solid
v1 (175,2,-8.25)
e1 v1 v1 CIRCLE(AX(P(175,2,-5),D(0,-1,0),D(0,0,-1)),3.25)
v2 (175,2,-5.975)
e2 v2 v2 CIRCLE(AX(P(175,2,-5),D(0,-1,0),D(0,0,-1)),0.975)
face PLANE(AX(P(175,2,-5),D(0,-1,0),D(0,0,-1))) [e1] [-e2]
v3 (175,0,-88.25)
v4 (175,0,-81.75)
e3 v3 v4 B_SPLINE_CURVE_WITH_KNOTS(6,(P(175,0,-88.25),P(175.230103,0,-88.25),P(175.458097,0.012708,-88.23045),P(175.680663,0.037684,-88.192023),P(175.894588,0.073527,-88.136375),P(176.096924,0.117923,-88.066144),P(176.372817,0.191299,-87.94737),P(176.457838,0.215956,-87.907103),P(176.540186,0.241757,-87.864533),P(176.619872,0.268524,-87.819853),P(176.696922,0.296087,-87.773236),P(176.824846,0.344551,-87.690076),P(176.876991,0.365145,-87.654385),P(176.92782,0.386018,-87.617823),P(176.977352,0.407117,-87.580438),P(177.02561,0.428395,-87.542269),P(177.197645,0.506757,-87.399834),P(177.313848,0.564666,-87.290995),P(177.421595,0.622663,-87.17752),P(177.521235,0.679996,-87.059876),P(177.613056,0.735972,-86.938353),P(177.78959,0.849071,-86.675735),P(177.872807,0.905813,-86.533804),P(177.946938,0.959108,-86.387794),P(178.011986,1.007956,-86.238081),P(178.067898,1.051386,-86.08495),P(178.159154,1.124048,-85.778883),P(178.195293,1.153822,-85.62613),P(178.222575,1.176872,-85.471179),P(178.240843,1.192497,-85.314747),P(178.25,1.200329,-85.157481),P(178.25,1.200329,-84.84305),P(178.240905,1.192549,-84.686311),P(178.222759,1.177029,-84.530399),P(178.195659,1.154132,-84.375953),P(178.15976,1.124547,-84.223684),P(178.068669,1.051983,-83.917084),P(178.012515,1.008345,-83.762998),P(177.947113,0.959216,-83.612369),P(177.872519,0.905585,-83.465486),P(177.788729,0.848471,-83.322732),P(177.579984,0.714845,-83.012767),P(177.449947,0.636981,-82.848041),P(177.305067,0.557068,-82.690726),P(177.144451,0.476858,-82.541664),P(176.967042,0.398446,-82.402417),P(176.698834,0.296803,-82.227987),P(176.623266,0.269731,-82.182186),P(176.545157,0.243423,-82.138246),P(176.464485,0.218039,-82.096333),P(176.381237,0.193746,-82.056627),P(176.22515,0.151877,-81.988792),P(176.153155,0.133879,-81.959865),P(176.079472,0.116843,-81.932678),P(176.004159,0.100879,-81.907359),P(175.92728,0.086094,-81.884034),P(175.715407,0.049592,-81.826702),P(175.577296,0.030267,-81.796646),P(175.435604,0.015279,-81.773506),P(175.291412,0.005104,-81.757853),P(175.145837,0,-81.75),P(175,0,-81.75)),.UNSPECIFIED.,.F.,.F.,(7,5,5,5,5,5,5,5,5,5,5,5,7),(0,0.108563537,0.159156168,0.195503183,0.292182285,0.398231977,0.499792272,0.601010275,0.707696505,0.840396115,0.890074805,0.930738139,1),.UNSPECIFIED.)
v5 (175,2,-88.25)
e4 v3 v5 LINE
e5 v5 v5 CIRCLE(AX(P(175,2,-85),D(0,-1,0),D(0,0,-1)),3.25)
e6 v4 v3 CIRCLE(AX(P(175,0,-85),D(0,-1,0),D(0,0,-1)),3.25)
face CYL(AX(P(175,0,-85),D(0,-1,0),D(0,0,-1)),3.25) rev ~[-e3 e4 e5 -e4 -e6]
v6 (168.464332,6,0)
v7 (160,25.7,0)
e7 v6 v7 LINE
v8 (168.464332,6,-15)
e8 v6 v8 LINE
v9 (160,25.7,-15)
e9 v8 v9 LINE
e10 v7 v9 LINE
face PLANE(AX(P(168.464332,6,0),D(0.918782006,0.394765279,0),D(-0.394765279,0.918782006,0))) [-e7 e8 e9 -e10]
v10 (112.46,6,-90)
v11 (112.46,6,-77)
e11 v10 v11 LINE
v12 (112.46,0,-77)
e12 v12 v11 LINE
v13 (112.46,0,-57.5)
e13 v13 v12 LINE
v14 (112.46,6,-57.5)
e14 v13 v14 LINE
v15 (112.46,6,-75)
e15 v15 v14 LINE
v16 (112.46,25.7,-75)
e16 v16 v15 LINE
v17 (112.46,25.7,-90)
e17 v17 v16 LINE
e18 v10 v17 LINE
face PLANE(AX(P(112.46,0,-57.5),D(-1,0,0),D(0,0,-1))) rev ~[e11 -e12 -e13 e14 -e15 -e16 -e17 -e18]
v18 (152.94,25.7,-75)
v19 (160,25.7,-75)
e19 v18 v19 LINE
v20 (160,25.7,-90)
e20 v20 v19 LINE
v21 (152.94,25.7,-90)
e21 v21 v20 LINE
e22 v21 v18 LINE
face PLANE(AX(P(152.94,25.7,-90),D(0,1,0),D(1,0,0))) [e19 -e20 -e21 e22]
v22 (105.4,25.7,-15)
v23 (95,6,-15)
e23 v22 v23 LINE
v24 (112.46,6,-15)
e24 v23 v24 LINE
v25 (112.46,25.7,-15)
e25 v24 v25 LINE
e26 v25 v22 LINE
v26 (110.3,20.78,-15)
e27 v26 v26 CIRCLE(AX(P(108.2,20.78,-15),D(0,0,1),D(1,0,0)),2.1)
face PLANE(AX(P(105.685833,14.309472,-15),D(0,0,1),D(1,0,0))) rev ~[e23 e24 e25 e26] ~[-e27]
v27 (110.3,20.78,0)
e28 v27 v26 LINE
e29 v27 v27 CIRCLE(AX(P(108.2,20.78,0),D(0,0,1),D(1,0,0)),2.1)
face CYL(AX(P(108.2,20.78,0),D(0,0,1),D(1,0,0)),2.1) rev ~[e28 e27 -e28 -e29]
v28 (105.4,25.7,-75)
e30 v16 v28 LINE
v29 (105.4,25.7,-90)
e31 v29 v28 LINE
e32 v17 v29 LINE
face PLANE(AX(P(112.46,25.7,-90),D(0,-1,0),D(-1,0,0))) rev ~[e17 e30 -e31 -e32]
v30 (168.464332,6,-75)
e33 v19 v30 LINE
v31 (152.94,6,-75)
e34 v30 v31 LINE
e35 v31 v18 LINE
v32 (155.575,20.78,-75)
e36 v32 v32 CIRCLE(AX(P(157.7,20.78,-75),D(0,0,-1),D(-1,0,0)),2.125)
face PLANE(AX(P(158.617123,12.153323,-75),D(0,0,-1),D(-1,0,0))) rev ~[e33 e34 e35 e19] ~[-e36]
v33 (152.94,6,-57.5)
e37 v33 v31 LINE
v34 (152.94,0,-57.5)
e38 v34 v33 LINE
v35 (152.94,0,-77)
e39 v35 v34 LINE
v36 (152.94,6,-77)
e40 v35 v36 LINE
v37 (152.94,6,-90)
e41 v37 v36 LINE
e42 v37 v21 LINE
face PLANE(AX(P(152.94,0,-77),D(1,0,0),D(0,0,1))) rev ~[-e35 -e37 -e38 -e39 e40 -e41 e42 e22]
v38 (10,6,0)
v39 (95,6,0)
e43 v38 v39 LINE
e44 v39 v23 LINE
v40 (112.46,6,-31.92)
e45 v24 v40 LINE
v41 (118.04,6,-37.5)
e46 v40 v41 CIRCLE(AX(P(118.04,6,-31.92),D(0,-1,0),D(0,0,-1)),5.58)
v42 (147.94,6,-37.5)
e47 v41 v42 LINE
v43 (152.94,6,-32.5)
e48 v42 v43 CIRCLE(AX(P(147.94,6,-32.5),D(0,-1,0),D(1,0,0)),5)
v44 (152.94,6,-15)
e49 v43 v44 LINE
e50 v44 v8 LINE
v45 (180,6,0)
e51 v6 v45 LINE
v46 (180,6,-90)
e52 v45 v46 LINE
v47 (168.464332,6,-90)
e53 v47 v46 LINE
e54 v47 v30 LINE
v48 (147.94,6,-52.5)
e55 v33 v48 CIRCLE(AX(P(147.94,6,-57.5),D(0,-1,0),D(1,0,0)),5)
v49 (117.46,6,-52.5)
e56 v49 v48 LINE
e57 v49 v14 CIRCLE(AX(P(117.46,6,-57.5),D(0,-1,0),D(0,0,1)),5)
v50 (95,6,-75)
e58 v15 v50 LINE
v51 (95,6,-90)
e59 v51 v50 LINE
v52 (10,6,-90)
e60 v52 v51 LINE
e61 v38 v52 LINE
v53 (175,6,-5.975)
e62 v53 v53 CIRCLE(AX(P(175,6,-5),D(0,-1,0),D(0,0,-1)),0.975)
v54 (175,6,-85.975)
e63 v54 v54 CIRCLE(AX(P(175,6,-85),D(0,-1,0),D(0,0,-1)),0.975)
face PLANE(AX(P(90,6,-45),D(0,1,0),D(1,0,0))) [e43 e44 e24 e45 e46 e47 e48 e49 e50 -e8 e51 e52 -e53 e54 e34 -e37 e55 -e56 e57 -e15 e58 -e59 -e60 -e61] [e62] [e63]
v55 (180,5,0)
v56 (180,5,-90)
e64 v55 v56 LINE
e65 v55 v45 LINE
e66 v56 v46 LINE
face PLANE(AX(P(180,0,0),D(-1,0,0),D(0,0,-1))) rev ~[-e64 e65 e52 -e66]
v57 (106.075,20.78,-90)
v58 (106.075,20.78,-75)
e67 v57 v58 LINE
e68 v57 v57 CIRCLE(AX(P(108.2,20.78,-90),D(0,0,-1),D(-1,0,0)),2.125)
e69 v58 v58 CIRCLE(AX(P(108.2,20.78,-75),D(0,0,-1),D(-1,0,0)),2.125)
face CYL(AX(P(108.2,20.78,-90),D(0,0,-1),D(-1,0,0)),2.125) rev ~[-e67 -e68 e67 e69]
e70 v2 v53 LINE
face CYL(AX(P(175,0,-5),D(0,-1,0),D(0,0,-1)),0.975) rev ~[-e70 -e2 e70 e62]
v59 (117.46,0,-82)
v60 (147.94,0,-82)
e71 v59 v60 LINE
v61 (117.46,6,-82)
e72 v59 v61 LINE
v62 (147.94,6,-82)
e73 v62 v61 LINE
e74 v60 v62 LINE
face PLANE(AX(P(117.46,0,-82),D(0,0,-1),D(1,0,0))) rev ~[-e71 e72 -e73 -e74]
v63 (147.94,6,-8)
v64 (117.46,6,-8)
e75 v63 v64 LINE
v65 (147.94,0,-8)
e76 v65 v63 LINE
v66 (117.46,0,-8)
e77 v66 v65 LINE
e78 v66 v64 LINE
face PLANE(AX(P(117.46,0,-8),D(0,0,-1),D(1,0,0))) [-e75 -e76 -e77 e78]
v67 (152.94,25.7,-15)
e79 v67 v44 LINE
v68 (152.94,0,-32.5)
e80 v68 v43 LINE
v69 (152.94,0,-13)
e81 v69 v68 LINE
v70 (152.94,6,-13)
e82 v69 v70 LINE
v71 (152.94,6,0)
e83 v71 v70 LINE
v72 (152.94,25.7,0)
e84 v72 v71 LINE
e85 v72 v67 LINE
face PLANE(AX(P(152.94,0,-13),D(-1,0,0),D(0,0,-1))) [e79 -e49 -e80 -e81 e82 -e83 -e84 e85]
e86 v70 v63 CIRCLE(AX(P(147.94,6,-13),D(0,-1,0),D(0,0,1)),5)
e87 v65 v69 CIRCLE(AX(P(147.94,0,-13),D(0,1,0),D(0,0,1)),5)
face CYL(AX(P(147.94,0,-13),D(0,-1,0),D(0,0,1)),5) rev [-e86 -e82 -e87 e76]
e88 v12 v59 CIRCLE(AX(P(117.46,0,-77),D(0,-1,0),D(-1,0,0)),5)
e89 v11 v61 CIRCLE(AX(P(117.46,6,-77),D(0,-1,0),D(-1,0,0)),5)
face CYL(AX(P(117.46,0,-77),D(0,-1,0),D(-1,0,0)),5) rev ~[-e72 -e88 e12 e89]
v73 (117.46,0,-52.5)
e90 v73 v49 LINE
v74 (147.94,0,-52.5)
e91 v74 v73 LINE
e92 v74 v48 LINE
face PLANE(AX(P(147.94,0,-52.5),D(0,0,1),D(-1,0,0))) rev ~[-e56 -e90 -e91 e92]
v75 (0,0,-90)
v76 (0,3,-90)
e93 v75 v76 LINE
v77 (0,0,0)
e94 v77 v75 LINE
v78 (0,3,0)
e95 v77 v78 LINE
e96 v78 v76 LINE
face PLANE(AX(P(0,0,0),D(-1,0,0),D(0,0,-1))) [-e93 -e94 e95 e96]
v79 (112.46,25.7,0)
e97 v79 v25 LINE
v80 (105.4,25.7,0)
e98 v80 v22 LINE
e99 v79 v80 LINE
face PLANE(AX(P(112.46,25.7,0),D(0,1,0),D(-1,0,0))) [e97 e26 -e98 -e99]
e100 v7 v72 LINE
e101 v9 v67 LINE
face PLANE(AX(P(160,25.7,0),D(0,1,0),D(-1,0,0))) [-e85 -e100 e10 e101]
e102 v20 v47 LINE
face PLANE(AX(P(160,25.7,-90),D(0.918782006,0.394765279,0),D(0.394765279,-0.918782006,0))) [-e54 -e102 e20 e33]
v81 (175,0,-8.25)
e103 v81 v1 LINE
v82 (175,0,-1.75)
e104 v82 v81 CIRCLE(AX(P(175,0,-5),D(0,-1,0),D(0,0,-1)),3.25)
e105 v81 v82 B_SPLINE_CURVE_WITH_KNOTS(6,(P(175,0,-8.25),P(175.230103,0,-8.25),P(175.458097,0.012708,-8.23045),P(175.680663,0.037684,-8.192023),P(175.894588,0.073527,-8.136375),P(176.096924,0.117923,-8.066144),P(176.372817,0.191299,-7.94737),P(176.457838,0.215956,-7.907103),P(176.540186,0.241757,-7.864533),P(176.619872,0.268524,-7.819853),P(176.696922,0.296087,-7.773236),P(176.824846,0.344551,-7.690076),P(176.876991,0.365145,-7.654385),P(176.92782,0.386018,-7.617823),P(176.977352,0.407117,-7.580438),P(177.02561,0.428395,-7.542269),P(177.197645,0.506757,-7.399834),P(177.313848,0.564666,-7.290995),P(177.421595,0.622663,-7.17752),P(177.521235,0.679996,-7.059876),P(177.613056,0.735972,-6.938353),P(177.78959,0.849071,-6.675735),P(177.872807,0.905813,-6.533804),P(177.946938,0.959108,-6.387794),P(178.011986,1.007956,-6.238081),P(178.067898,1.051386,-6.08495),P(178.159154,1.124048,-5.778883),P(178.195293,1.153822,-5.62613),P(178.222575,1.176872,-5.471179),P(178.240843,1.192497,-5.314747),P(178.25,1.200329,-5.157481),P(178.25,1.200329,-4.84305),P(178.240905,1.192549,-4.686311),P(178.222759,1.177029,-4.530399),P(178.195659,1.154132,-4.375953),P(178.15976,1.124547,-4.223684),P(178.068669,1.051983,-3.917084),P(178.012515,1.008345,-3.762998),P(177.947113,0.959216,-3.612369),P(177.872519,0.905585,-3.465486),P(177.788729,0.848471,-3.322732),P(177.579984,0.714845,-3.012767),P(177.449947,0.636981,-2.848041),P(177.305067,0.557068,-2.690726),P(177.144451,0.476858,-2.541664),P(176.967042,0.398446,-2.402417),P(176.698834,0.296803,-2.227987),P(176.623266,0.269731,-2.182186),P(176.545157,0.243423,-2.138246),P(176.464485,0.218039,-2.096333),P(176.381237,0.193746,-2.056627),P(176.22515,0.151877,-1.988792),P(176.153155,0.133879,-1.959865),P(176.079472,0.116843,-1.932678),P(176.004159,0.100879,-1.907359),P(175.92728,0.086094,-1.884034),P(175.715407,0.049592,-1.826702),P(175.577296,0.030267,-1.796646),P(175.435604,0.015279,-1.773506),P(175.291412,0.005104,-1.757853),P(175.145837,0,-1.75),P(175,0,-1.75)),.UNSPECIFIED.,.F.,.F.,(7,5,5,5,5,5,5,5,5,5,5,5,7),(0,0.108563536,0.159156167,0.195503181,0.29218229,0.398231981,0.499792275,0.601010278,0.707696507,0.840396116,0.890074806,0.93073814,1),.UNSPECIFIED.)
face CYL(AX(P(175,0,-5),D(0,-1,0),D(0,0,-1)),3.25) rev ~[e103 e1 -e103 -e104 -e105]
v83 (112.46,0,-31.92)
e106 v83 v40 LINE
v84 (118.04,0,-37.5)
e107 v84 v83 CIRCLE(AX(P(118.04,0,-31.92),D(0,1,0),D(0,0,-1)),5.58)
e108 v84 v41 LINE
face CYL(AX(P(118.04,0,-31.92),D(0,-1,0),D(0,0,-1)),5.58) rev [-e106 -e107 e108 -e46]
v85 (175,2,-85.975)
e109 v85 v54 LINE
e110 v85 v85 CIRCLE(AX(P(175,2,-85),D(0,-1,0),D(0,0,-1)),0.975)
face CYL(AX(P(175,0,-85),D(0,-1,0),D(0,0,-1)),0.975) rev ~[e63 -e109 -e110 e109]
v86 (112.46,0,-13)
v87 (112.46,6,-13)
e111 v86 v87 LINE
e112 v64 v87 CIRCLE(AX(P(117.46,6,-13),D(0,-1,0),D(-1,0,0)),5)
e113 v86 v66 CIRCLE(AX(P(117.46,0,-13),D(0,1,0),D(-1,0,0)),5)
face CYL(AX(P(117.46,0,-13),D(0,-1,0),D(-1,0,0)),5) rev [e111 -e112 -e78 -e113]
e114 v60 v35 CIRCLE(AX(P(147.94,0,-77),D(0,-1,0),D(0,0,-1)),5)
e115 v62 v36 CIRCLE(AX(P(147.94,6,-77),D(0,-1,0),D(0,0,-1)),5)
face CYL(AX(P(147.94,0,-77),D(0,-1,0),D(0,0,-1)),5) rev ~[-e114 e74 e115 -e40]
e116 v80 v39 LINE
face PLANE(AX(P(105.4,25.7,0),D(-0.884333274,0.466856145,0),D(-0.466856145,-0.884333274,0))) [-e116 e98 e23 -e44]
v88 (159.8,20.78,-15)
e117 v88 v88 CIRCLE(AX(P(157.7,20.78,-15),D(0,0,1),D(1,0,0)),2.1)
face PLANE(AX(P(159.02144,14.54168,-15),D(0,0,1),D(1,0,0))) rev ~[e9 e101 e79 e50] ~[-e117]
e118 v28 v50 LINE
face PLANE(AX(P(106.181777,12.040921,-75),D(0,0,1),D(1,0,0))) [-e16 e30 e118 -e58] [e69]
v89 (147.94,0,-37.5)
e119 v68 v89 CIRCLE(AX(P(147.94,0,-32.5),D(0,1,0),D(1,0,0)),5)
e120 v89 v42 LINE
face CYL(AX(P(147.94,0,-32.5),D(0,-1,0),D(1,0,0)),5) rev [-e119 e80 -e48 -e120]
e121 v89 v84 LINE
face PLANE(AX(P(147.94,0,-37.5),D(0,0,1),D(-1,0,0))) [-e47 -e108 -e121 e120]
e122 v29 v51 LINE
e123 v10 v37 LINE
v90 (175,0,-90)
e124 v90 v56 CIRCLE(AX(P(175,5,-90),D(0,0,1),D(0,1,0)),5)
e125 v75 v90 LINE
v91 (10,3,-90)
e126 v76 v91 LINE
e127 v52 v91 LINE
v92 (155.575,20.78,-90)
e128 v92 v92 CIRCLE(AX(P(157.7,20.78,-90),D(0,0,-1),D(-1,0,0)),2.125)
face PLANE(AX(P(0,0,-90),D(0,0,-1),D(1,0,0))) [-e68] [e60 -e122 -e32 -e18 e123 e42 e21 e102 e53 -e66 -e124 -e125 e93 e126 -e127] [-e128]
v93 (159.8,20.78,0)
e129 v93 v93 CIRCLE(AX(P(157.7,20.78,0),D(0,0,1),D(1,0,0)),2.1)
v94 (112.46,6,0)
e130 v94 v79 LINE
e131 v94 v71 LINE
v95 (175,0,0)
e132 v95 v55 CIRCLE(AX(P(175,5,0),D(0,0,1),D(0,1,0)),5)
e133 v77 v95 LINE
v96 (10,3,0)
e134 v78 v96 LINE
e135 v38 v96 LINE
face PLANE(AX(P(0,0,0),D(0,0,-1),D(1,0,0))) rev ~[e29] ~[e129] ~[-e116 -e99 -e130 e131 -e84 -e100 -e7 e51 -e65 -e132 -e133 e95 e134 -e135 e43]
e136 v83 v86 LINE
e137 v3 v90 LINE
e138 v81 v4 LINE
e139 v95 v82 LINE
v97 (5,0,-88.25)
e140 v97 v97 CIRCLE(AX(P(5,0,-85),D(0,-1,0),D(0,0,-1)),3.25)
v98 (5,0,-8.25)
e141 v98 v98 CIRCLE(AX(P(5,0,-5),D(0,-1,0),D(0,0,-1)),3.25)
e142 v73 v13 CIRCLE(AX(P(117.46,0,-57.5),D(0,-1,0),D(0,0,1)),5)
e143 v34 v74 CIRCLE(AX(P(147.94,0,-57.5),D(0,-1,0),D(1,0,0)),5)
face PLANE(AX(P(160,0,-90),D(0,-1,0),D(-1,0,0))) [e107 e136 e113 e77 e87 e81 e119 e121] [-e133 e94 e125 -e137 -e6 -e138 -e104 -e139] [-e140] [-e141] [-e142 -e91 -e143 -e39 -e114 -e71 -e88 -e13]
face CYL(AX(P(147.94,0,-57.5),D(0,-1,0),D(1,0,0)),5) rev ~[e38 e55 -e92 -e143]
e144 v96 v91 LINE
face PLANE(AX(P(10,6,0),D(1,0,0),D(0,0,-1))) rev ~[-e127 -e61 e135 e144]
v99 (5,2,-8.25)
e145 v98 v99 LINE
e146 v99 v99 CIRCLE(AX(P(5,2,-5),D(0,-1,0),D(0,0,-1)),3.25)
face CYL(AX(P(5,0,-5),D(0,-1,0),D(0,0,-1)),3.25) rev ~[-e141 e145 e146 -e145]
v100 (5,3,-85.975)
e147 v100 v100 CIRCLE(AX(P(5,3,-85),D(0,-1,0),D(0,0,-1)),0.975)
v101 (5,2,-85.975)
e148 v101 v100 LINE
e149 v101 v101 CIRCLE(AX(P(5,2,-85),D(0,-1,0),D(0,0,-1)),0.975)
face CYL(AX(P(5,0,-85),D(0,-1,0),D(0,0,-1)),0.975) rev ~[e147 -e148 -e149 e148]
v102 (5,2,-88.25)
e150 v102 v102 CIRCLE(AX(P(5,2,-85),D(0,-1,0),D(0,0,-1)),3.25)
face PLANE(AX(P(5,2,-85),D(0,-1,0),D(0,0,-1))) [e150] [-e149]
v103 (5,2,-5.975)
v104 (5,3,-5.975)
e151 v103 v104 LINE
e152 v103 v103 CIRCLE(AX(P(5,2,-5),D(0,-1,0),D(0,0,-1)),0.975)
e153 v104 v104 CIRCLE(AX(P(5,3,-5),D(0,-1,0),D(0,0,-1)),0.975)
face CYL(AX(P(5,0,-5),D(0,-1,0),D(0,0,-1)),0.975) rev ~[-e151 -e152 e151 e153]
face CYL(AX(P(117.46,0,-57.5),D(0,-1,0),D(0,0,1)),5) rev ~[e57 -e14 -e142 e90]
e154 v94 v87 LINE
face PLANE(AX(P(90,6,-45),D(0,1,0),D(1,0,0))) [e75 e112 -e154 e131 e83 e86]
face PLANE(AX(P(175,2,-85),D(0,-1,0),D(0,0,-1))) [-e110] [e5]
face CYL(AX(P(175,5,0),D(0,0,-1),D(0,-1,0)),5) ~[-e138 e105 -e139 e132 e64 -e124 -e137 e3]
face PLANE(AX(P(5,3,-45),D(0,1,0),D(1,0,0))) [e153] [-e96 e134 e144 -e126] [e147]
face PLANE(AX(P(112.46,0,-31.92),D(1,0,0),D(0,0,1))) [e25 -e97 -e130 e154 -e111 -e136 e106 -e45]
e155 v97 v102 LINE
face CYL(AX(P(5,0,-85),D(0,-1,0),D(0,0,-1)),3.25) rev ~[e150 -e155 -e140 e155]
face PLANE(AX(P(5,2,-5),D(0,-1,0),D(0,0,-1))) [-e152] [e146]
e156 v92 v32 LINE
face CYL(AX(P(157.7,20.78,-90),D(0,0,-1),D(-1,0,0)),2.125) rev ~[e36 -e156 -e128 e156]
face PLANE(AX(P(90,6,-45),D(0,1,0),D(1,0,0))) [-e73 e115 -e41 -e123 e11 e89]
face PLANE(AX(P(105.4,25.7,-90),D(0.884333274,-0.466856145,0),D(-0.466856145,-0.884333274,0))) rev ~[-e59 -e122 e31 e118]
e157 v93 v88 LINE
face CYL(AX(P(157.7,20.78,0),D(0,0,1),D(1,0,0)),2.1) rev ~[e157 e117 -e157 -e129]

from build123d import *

# Parameters (mm, degrees)
SKIZZE2_W                       = 180
SKIZZE2_H                       = 90
AUFSATZ_LINEAR_AUSTRAGEN1_DEPTH = 6
SKIZZE3_W                       = 10
SKIZZE3_H                       = 90
SCHNITT_LINEAR_AUSTRAGEN1_DEPTH = 3
SKIZZE4_R                       = 2.125
AUFSATZ_LINEAR_AUSTRAGEN2_DEPTH = 15
SKIZZE5_R                       = 2.1
AUFSATZ_LINEAR_AUSTRAGEN3_DEPTH = 15
VERRUNDUNG1_R                   = 5
SCHNITT_LINEAR_AUSTRAGEN2_DEPTH = 10
SKIZZE7_R                       = 0.975
SCHNITT_LINEAR_AUSTRAGEN3_DEPTH = 10
SKIZZE8_R                       = 3.25
SCHNITT_LINEAR_AUSTRAGEN4_DEPTH = 2


with BuildPart() as part:
    # Skizze2 → Aufsatz-Linear austragen1 (new body)
    with BuildSketch(Plane(origin=(0, 0, 0), x_dir=(1, 0, 0), z_dir=(0, 1, 0))):
        with Locations((90, 45)):
            Rectangle(SKIZZE2_W, SKIZZE2_H)
    extrude(amount=AUFSATZ_LINEAR_AUSTRAGEN1_DEPTH)

    # Skizze3 → Schnitt-Linear austragen1 (cut)
    with BuildSketch(Plane(origin=(0, 6, 0), x_dir=(1, 0, 0), z_dir=(0, 1, 0))):
        with Locations((5, 45)):
            Rectangle(SKIZZE3_W, SKIZZE3_H)
    extrude(amount=-SCHNITT_LINEAR_AUSTRAGEN1_DEPTH, mode=Mode.SUBTRACT)

    # Skizze4 → Aufsatz-Linear austragen2 (add)
    # profile 1 of 2: a face of its own
    with BuildSketch(Plane(origin=(0, 0, -90), x_dir=(-1, 0, 0), z_dir=(0, 0, -1))):
        Polygon((-160, 0), (-152.94, 0), (-152.94, 25.7), (-160, 25.7), (-168.464332067, 6), (-160, 6), align=None)
        with Locations((-157.7, 20.78)):
            Circle(SKIZZE4_R, mode=Mode.SUBTRACT)
    # profile 2 of 2: a face of its own
    with BuildSketch(Plane(origin=(0, 0, -90), x_dir=(-1, 0, 0), z_dir=(0, 0, -1))):
        Polygon((-105.4, 25.7), (-95, 6), (-105.4, 6), (-105.4, 0), (-112.46, 0), (-112.46, 25.7), align=None)
        with Locations((-108.2, 20.78)):
            Circle(SKIZZE4_R, mode=Mode.SUBTRACT)
    extrude(amount=-AUFSATZ_LINEAR_AUSTRAGEN2_DEPTH)

    # Skizze5 → Aufsatz-Linear austragen3 (add)
    # profile 1 of 2: a face of its own
    with BuildSketch(Plane.XY):
        Polygon((105.4, 25.7), (95, 6), (105.4, 6), (112.46, 6), (112.46, 25.7), align=None)
        with Locations((108.2, 20.78)):
            Circle(SKIZZE5_R, mode=Mode.SUBTRACT)
    # profile 2 of 2: a face of its own
    with BuildSketch(Plane.XY):
        Polygon((160, 25.7), (152.94, 25.7), (152.94, 6), (160, 6), (168.464332067, 6), align=None)
        with Locations((157.7, 20.78)):
            Circle(SKIZZE5_R, mode=Mode.SUBTRACT)
    extrude(amount=-AUFSATZ_LINEAR_AUSTRAGEN3_DEPTH)

    # Verrundung1
    verrundung1_edges = [part.edges().sort_by_distance(p)[0] for p in [
        (180, 0, -45),
    ]]
    fillet(verrundung1_edges, radius=VERRUNDUNG1_R)

    # Skizze6 → Schnitt-Linear austragen2 (cut)
    with BuildSketch(Plane(origin=(0, 0, 0), x_dir=(-1, 0, 0), z_dir=(0, -1, 0))):
        with BuildLine():
            Line((-117.46, 8), (-147.94, 8))
            ThreePointArc((-147.94, 8), (-151.475533906, 9.464466094), (-152.94, 13))
            Line((-152.94, 13), (-152.94, 32.5))
            ThreePointArc((-152.94, 32.5), (-151.475533906, 36.035533906), (-147.94, 37.5))
            Line((-147.94, 37.5), (-132.970987797, 37.5))
            Line((-132.970987797, 37.5), (-118.04, 37.5))
            ThreePointArc((-118.04, 37.5), (-114.094344161, 35.865655839), (-112.46, 31.92))
            Line((-112.46, 31.92), (-112.46, 13))
            ThreePointArc((-112.46, 13), (-113.924466094, 9.464466094), (-117.46, 8))
        make_face()
        with BuildLine():
            Line((-117.46, 82), (-147.94, 82))
            ThreePointArc((-147.94, 82), (-151.475533906, 80.535533906), (-152.94, 77))
            Line((-152.94, 77), (-152.94, 57.5))
            ThreePointArc((-152.94, 57.5), (-151.475533906, 53.964466094), (-147.94, 52.5))
            Line((-147.94, 52.5), (-117.46, 52.5))
            ThreePointArc((-117.46, 52.5), (-113.924466094, 53.964466094), (-112.46, 57.5))
            Line((-112.46, 57.5), (-112.46, 77))
            ThreePointArc((-112.46, 77), (-113.924466094, 80.535533906), (-117.46, 82))
        make_face()
    extrude(amount=-SCHNITT_LINEAR_AUSTRAGEN2_DEPTH, mode=Mode.SUBTRACT)

    # Skizze7 → Schnitt-Linear austragen3 (cut)
    with BuildSketch(Plane.XZ):
        with Locations((5, -5)):
            Circle(SKIZZE7_R)
        with Locations((5, -85)):
            Circle(SKIZZE7_R)
        with Locations((175, -85)):
            Circle(SKIZZE7_R)
        with Locations((175, -5)):
            Circle(SKIZZE7_R)
    extrude(amount=-SCHNITT_LINEAR_AUSTRAGEN3_DEPTH, mode=Mode.SUBTRACT)

    # Skizze8 → Schnitt-Linear austragen4 (cut)
    with BuildSketch(Plane.XZ):
        with Locations((5, -5)):
            Circle(SKIZZE8_R)
        with Locations((5, -85)):
            Circle(SKIZZE8_R)
        with Locations((175, -85)):
            Circle(SKIZZE8_R)
        with Locations((175, -5)):
            Circle(SKIZZE8_R)
    extrude(amount=-SCHNITT_LINEAR_AUSTRAGEN4_DEPTH, mode=Mode.SUBTRACT)


solid = part.part
